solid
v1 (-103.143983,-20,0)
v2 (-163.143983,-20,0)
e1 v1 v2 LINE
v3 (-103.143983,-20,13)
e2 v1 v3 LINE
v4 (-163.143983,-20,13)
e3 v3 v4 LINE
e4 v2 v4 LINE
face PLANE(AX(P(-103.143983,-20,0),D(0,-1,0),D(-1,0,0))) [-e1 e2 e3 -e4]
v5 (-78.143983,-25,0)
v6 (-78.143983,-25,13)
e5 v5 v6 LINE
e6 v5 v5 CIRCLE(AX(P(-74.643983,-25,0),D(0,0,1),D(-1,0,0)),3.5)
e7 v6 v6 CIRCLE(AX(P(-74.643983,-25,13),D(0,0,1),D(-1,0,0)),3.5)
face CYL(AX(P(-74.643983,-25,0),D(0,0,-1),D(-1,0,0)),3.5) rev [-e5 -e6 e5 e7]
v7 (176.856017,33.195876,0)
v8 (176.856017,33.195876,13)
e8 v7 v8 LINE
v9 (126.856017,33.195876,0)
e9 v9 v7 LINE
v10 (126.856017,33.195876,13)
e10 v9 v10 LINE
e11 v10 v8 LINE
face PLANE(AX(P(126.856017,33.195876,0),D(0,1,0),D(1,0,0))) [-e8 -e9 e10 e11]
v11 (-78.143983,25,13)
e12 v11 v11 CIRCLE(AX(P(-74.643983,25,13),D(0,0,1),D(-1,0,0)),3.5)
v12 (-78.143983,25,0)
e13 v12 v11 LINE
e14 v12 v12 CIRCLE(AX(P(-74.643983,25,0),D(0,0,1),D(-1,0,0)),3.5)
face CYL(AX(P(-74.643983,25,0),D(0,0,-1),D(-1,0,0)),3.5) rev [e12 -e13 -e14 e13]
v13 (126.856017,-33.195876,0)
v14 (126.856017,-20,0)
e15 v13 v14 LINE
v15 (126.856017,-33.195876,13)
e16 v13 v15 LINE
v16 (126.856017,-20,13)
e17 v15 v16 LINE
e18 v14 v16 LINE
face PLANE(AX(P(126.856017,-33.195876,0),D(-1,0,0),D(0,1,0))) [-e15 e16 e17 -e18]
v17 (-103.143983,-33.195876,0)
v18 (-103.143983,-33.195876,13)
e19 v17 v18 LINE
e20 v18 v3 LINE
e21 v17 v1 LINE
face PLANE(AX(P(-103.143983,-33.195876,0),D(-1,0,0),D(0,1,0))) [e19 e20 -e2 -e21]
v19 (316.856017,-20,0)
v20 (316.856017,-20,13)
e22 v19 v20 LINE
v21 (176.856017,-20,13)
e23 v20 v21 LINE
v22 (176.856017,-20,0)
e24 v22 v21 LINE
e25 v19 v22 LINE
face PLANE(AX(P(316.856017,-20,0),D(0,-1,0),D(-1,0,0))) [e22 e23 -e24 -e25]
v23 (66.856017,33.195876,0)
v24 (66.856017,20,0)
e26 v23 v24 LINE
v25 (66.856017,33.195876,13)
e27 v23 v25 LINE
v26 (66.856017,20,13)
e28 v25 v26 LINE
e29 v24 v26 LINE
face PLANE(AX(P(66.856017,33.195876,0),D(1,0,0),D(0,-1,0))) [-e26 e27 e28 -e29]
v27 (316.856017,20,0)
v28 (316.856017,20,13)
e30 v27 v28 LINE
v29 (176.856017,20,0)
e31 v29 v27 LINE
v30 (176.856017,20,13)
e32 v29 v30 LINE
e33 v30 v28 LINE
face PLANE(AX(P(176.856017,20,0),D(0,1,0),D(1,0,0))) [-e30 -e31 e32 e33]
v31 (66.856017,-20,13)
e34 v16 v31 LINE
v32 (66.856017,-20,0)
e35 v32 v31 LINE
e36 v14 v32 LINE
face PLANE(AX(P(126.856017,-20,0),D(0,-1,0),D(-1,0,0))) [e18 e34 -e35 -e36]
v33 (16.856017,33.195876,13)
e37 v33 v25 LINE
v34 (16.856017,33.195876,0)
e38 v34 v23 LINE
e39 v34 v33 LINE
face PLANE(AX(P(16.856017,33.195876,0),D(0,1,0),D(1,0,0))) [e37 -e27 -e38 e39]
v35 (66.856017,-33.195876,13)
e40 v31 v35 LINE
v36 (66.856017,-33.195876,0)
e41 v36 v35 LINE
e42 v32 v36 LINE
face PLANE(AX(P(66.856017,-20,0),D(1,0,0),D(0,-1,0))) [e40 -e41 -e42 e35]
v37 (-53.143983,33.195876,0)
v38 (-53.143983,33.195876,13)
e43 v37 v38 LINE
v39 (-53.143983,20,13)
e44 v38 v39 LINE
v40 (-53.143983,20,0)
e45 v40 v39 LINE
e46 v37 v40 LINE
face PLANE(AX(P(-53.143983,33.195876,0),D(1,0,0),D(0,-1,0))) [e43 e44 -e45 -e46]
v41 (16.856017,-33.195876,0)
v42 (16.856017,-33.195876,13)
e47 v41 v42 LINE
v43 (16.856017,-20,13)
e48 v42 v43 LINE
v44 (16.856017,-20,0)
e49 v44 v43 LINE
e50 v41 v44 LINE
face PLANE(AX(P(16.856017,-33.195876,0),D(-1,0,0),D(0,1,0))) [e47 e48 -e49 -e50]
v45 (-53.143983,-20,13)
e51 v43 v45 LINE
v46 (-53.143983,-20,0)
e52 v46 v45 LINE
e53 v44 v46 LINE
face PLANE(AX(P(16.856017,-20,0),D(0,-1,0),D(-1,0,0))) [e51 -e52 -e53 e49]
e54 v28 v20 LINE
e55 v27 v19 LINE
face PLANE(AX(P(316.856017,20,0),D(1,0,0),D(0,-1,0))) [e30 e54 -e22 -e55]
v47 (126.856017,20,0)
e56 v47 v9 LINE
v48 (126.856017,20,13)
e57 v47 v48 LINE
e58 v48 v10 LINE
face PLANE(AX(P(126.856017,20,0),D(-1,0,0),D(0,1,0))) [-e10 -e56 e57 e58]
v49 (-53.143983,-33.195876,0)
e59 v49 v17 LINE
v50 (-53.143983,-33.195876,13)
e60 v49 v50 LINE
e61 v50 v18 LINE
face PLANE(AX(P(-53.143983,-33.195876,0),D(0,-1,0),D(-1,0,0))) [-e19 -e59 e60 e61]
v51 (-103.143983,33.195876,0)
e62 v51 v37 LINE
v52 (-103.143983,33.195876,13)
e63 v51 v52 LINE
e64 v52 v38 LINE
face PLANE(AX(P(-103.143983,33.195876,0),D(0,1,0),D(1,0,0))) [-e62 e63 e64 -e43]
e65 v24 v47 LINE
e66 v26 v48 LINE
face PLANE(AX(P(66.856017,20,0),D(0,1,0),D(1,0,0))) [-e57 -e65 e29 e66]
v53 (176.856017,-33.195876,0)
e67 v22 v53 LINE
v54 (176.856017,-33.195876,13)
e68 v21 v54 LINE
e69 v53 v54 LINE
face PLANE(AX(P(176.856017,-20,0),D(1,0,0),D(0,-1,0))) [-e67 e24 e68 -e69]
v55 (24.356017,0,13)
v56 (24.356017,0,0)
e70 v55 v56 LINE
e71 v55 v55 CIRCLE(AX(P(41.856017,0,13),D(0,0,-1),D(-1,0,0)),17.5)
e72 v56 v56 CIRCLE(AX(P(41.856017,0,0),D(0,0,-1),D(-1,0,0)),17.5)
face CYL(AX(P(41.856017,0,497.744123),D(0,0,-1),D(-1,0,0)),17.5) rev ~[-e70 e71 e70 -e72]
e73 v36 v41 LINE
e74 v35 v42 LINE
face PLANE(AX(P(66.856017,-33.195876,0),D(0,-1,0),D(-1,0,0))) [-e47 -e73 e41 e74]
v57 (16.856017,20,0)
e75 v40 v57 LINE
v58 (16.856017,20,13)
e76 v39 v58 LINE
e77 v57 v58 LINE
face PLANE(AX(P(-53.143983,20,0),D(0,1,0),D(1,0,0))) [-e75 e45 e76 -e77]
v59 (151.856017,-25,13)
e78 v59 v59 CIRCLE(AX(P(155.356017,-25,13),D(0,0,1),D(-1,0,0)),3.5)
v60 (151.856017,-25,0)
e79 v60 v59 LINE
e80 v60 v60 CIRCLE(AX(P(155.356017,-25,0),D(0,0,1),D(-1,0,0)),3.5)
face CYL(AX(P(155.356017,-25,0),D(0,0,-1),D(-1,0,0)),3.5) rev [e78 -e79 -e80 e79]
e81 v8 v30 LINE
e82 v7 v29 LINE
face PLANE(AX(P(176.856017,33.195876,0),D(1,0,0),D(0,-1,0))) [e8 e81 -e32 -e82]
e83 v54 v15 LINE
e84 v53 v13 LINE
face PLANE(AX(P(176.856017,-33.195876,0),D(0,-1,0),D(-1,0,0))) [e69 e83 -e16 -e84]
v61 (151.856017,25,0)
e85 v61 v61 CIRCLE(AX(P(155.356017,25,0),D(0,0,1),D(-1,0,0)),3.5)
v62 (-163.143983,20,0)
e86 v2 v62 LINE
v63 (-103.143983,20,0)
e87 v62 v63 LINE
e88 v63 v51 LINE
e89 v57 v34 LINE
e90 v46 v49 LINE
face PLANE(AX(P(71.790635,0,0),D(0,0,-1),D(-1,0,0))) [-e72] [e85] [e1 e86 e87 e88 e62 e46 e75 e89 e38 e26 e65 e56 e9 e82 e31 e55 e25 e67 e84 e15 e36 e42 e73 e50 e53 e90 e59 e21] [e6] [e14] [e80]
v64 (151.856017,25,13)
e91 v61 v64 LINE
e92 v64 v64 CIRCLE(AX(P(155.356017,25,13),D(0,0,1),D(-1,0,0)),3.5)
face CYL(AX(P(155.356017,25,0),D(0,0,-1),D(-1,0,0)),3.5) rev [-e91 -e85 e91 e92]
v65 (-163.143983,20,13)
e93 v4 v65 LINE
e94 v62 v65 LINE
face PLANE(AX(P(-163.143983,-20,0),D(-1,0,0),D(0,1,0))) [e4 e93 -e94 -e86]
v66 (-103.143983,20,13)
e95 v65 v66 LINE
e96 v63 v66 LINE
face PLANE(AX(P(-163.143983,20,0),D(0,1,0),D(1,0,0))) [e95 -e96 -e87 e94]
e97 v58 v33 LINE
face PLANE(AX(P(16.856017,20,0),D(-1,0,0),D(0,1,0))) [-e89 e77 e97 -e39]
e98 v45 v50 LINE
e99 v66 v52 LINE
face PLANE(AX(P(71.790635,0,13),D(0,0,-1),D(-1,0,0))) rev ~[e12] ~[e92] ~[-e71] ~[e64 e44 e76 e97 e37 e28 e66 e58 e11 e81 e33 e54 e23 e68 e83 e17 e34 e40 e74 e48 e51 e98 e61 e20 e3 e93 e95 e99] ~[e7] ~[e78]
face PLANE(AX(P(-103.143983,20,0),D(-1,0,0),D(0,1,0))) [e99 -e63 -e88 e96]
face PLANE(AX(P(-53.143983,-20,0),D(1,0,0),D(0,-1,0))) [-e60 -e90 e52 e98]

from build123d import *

# Parameters (mm, degrees)
SKETCH1_R              = 3.5
BOSS_EXTRUDE1_DEPTH    = 13
F_25_0MM_DOWEL_HOLE1_D = 35


with BuildPart() as part:
    # Sketch1 → Boss-Extrude1 (new body)
    with BuildSketch(Plane.XY):
        Polygon((-103.143983002, 33.195876289), (-53.143983002, 33.195876289), (-53.143983002, 20), (16.856016998, 20), (16.856016998, 33.195876289), (66.856016998, 33.195876289), (66.856016998, 20), (126.856016998, 20), (126.856016998, 33.195876289), (176.856016998, 33.195876289), (176.856016998, 20), (316.856016998, 20), (316.856016998, -20), (176.856016998, -20), (176.856016998, -33.195876289), (126.856016998, -33.195876289), (126.856016998, -20), (66.856016998, -20), (66.856016998, -33.195876289), (16.856016998, -33.195876289), (16.856016998, -20), (-53.143983002, -20), (-53.143983002, -33.195876289), (-103.143983002, -33.195876289), (-103.143983002, -20), (-163.143983002, -20), (-163.143983002, 20), (-103.143983002, 20), align=None)
        with Locations(Location((-74.643983002, 25, 0), (0, 0, 180))):
            Circle(SKETCH1_R, mode=Mode.SUBTRACT)
        with Locations(Location((155.356016998, 25, 0), (0, 0, 180))):
            Circle(SKETCH1_R, mode=Mode.SUBTRACT)
        with Locations(Location((155.356016998, -25, 0), (0, 0, 180))):
            Circle(SKETCH1_R, mode=Mode.SUBTRACT)
        with Locations(Location((-74.643983002, -25, 0), (0, 0, 180))):
            Circle(SKETCH1_R, mode=Mode.SUBTRACT)
    extrude(amount=BOSS_EXTRUDE1_DEPTH)

    # Ø25.0mm Dowel Hole1 (through all)
    with Locations(Plane(origin=(41.856016998, 0, 13), x_dir=(1, 0, 0), z_dir=(0, 0, 1))):
        with Locations((0, 0)):
            Hole(F_25_0MM_DOWEL_HOLE1_D / 2)


solid = part.part
